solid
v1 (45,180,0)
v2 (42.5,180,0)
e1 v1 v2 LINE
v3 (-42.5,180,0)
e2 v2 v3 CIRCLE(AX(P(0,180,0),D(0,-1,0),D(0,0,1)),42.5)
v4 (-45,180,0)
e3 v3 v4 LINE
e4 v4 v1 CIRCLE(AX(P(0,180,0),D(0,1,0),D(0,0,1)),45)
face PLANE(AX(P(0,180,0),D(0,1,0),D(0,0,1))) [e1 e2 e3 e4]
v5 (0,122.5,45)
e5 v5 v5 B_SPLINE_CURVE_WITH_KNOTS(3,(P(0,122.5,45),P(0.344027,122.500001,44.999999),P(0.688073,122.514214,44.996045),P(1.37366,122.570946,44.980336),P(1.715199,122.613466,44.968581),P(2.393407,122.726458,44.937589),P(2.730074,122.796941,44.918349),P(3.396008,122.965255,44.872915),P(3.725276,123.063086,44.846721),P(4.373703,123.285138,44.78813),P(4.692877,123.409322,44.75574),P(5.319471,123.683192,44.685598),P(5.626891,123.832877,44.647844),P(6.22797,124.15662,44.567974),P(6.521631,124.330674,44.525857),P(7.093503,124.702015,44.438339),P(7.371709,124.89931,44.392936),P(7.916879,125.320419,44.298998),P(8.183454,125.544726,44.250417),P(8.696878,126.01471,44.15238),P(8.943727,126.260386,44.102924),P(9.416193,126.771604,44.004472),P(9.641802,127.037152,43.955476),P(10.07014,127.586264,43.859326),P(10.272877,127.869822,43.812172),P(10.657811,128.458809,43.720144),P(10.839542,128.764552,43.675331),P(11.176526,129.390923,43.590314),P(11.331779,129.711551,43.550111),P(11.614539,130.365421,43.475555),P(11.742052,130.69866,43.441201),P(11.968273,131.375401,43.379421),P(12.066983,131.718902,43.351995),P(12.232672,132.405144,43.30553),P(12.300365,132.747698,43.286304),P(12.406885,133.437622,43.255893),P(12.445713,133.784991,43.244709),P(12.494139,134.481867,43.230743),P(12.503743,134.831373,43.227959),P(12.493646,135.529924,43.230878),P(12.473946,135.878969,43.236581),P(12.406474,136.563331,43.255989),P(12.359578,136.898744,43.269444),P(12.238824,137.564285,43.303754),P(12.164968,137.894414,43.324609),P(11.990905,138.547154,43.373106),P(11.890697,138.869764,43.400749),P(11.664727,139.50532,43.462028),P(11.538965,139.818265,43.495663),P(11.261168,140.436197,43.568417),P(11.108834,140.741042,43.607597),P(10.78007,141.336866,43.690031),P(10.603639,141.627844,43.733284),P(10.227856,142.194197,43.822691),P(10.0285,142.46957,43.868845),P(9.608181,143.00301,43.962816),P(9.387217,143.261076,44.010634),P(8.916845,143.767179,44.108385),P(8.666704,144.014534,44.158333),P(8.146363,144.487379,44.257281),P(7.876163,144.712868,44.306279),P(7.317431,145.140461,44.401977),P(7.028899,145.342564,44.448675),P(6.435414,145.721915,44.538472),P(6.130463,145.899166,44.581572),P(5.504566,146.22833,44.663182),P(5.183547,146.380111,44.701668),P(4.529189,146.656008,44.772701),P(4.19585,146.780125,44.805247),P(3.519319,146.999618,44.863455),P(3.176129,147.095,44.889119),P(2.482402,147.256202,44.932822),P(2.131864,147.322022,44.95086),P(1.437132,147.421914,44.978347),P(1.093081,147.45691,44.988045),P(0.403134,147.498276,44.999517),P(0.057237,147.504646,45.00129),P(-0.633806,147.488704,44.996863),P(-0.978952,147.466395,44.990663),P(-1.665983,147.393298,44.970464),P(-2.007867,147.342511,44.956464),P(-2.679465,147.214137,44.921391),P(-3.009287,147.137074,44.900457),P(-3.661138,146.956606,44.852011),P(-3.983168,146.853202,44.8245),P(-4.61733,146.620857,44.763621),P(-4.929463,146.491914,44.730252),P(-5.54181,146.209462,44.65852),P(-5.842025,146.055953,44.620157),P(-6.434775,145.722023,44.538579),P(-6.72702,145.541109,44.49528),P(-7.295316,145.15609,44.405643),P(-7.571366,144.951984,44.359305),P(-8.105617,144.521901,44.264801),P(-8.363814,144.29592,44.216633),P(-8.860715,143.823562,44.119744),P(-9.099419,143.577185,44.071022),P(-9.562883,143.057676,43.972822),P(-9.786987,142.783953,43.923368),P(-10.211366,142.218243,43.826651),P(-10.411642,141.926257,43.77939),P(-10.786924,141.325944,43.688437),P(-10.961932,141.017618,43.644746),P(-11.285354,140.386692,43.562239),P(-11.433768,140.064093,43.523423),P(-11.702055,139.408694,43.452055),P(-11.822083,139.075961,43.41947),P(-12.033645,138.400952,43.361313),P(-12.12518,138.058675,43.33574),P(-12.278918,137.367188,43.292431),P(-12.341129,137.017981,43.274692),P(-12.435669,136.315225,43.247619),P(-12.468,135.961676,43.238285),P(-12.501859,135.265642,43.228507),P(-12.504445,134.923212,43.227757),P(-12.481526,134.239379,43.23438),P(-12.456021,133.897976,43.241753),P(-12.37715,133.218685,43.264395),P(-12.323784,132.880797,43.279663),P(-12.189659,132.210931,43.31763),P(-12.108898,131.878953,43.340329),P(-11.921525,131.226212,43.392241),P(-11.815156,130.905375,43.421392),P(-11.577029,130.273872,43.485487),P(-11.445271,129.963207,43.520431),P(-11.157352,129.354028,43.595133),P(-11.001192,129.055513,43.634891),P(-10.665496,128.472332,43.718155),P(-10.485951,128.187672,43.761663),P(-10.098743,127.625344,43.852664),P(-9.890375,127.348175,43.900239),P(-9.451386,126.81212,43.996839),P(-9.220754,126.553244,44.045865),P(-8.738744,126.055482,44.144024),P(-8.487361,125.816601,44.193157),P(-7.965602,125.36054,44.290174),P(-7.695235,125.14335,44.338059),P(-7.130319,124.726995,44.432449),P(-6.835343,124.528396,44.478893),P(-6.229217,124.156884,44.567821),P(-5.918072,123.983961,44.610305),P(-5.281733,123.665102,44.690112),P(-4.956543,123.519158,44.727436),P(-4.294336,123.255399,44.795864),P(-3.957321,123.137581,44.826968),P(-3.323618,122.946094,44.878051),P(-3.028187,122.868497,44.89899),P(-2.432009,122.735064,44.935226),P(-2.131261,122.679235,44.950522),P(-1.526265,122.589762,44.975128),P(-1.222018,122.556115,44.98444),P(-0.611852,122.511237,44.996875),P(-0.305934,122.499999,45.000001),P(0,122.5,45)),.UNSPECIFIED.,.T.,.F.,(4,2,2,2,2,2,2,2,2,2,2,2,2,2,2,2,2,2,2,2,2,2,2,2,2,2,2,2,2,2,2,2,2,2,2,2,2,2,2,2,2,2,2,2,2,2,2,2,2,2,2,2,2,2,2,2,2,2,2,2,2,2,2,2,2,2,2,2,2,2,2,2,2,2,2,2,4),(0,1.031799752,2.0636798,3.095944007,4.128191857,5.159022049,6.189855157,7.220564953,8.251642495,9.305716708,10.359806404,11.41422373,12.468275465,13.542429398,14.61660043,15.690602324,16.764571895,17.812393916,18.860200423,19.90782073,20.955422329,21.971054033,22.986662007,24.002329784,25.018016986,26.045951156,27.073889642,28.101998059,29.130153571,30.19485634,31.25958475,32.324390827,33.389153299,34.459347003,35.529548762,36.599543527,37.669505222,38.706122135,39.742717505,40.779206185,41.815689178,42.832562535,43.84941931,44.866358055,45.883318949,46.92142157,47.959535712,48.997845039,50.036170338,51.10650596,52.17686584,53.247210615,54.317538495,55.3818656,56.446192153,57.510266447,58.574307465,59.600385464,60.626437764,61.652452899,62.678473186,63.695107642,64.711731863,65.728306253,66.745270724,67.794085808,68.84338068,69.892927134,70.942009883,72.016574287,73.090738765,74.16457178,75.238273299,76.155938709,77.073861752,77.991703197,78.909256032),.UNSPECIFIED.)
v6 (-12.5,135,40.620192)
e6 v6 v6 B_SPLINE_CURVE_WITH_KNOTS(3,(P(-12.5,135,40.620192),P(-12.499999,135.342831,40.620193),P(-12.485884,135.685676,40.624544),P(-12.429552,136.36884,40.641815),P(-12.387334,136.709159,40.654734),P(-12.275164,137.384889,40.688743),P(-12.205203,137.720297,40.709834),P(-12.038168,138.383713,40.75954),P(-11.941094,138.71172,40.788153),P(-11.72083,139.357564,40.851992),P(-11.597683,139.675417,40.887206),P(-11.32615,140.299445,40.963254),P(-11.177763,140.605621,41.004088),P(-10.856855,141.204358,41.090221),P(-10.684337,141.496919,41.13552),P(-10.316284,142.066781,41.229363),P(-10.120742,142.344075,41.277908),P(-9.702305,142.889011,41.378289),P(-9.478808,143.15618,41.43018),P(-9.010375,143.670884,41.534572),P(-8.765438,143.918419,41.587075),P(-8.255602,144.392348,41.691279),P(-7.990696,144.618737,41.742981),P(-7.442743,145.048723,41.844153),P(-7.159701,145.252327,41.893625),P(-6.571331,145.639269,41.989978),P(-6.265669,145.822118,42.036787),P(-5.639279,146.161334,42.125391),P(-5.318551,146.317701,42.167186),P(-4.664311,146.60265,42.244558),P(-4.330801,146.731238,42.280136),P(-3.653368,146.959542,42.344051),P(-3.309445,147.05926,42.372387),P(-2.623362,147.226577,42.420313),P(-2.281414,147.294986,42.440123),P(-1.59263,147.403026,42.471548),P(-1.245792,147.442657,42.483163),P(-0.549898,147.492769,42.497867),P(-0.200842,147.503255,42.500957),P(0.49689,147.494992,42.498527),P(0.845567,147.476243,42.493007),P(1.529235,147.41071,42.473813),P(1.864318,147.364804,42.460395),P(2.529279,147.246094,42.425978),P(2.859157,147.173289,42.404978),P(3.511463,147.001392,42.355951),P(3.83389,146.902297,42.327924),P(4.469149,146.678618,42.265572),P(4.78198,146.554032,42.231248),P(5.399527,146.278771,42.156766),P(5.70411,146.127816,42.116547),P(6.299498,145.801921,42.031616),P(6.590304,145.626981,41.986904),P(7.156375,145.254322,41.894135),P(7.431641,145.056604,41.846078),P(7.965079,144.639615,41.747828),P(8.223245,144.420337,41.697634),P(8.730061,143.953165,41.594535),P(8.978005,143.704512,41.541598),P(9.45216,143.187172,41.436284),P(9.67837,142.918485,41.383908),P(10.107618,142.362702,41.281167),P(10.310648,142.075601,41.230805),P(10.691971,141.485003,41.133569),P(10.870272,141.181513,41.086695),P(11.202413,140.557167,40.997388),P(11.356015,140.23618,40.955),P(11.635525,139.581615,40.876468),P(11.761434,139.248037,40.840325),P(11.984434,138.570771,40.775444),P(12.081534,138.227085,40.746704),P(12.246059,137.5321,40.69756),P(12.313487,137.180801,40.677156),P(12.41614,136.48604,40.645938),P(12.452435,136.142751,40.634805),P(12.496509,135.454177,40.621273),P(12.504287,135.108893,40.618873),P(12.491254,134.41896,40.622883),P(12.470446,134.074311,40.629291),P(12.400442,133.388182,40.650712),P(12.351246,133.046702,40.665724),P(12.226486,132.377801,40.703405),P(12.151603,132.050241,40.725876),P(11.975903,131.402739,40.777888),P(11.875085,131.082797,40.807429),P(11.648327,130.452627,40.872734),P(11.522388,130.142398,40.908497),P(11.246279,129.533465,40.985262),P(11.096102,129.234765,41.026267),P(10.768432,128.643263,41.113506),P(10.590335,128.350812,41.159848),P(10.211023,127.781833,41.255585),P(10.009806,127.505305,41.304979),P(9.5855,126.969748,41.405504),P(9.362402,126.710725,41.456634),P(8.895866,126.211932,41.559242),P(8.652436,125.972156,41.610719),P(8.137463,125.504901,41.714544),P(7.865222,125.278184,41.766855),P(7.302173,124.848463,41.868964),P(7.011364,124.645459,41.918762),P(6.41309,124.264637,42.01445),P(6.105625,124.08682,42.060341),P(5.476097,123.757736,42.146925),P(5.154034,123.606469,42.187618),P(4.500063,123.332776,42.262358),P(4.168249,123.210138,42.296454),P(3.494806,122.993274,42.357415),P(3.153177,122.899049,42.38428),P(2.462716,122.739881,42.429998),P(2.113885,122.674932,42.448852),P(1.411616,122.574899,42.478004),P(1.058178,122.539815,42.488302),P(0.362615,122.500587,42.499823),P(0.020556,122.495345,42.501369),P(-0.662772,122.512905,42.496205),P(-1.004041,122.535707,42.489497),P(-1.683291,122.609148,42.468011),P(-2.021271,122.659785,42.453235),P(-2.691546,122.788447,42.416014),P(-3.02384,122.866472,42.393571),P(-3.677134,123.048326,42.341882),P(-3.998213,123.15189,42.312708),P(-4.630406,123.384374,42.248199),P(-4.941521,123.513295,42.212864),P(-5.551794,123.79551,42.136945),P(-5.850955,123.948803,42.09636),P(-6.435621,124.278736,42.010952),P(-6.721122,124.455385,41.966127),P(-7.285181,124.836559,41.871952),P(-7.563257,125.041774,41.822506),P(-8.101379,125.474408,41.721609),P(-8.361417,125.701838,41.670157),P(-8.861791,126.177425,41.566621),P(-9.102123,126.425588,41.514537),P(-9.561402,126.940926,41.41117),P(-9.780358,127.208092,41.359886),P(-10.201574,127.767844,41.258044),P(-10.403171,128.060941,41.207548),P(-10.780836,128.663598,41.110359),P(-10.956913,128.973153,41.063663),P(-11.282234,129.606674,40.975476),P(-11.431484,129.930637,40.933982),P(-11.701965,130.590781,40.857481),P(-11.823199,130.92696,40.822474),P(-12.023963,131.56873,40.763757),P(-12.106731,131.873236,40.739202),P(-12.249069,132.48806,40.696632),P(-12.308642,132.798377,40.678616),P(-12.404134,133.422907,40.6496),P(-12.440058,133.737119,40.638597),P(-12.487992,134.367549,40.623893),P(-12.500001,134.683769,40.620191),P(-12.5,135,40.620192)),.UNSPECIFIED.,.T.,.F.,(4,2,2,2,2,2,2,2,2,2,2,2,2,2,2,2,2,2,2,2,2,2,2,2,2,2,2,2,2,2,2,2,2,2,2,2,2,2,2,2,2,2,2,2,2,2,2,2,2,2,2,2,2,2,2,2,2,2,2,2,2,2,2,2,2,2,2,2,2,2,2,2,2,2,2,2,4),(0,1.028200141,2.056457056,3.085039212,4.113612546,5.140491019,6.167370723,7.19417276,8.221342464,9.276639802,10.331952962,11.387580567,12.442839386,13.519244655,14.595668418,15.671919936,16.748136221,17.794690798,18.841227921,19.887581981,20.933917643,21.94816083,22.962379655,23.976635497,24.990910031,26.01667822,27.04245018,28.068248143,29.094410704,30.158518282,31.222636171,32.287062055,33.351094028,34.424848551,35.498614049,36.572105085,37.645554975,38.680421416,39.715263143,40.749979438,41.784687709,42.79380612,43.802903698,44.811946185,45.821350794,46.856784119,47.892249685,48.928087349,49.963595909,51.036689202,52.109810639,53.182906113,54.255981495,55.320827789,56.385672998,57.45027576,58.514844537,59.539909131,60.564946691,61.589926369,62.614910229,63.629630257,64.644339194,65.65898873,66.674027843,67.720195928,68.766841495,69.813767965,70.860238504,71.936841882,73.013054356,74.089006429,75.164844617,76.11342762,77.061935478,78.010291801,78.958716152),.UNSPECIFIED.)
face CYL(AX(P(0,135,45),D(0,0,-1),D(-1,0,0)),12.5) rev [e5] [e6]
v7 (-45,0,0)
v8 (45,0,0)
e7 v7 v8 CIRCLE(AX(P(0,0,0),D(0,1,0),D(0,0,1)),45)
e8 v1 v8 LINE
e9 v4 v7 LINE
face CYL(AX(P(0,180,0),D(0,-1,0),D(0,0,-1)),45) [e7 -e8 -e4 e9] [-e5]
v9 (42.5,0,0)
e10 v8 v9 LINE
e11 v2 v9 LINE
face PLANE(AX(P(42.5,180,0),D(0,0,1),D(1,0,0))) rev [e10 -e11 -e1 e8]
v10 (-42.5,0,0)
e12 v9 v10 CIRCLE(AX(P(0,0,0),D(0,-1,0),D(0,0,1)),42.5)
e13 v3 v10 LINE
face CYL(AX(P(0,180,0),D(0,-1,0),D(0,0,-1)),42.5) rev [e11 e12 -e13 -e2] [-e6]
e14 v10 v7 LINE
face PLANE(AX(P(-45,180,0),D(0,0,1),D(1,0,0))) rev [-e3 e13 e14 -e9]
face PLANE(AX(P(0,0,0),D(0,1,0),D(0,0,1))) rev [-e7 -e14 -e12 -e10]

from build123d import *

# Parameters (mm, degrees)
BOSS_EXTRUDE1_DEPTH = 180
SKETCH2_R           = 12.5
CUT_EXTRUDE1_DEPTH  = 191.91883092


with BuildPart() as part:
    # Sketch1 → Boss-Extrude1 (new body)
    with BuildSketch(Plane(origin=(0, 0, 0), x_dir=(1, 0, 0), z_dir=(0, 1, 0))):
        with BuildLine():
            Line((-45, 0), (-42.5, 0))
            ThreePointArc((-42.5, 0), (0, -42.5), (42.5, 0))
            Line((42.5, 0), (45, 0))
            ThreePointArc((45, 0), (0, -45), (-45, 0))
        make_face()
    extrude(amount=BOSS_EXTRUDE1_DEPTH)

    # Sketch2 → Cut-Extrude1 (cut, through all)
    with BuildSketch(Plane.XY):
        with Locations(Location((0, 135, 0), (0, 0, 180))):
            Circle(SKETCH2_R)
    extrude(amount=CUT_EXTRUDE1_DEPTH, mode=Mode.SUBTRACT)


solid = part.part
